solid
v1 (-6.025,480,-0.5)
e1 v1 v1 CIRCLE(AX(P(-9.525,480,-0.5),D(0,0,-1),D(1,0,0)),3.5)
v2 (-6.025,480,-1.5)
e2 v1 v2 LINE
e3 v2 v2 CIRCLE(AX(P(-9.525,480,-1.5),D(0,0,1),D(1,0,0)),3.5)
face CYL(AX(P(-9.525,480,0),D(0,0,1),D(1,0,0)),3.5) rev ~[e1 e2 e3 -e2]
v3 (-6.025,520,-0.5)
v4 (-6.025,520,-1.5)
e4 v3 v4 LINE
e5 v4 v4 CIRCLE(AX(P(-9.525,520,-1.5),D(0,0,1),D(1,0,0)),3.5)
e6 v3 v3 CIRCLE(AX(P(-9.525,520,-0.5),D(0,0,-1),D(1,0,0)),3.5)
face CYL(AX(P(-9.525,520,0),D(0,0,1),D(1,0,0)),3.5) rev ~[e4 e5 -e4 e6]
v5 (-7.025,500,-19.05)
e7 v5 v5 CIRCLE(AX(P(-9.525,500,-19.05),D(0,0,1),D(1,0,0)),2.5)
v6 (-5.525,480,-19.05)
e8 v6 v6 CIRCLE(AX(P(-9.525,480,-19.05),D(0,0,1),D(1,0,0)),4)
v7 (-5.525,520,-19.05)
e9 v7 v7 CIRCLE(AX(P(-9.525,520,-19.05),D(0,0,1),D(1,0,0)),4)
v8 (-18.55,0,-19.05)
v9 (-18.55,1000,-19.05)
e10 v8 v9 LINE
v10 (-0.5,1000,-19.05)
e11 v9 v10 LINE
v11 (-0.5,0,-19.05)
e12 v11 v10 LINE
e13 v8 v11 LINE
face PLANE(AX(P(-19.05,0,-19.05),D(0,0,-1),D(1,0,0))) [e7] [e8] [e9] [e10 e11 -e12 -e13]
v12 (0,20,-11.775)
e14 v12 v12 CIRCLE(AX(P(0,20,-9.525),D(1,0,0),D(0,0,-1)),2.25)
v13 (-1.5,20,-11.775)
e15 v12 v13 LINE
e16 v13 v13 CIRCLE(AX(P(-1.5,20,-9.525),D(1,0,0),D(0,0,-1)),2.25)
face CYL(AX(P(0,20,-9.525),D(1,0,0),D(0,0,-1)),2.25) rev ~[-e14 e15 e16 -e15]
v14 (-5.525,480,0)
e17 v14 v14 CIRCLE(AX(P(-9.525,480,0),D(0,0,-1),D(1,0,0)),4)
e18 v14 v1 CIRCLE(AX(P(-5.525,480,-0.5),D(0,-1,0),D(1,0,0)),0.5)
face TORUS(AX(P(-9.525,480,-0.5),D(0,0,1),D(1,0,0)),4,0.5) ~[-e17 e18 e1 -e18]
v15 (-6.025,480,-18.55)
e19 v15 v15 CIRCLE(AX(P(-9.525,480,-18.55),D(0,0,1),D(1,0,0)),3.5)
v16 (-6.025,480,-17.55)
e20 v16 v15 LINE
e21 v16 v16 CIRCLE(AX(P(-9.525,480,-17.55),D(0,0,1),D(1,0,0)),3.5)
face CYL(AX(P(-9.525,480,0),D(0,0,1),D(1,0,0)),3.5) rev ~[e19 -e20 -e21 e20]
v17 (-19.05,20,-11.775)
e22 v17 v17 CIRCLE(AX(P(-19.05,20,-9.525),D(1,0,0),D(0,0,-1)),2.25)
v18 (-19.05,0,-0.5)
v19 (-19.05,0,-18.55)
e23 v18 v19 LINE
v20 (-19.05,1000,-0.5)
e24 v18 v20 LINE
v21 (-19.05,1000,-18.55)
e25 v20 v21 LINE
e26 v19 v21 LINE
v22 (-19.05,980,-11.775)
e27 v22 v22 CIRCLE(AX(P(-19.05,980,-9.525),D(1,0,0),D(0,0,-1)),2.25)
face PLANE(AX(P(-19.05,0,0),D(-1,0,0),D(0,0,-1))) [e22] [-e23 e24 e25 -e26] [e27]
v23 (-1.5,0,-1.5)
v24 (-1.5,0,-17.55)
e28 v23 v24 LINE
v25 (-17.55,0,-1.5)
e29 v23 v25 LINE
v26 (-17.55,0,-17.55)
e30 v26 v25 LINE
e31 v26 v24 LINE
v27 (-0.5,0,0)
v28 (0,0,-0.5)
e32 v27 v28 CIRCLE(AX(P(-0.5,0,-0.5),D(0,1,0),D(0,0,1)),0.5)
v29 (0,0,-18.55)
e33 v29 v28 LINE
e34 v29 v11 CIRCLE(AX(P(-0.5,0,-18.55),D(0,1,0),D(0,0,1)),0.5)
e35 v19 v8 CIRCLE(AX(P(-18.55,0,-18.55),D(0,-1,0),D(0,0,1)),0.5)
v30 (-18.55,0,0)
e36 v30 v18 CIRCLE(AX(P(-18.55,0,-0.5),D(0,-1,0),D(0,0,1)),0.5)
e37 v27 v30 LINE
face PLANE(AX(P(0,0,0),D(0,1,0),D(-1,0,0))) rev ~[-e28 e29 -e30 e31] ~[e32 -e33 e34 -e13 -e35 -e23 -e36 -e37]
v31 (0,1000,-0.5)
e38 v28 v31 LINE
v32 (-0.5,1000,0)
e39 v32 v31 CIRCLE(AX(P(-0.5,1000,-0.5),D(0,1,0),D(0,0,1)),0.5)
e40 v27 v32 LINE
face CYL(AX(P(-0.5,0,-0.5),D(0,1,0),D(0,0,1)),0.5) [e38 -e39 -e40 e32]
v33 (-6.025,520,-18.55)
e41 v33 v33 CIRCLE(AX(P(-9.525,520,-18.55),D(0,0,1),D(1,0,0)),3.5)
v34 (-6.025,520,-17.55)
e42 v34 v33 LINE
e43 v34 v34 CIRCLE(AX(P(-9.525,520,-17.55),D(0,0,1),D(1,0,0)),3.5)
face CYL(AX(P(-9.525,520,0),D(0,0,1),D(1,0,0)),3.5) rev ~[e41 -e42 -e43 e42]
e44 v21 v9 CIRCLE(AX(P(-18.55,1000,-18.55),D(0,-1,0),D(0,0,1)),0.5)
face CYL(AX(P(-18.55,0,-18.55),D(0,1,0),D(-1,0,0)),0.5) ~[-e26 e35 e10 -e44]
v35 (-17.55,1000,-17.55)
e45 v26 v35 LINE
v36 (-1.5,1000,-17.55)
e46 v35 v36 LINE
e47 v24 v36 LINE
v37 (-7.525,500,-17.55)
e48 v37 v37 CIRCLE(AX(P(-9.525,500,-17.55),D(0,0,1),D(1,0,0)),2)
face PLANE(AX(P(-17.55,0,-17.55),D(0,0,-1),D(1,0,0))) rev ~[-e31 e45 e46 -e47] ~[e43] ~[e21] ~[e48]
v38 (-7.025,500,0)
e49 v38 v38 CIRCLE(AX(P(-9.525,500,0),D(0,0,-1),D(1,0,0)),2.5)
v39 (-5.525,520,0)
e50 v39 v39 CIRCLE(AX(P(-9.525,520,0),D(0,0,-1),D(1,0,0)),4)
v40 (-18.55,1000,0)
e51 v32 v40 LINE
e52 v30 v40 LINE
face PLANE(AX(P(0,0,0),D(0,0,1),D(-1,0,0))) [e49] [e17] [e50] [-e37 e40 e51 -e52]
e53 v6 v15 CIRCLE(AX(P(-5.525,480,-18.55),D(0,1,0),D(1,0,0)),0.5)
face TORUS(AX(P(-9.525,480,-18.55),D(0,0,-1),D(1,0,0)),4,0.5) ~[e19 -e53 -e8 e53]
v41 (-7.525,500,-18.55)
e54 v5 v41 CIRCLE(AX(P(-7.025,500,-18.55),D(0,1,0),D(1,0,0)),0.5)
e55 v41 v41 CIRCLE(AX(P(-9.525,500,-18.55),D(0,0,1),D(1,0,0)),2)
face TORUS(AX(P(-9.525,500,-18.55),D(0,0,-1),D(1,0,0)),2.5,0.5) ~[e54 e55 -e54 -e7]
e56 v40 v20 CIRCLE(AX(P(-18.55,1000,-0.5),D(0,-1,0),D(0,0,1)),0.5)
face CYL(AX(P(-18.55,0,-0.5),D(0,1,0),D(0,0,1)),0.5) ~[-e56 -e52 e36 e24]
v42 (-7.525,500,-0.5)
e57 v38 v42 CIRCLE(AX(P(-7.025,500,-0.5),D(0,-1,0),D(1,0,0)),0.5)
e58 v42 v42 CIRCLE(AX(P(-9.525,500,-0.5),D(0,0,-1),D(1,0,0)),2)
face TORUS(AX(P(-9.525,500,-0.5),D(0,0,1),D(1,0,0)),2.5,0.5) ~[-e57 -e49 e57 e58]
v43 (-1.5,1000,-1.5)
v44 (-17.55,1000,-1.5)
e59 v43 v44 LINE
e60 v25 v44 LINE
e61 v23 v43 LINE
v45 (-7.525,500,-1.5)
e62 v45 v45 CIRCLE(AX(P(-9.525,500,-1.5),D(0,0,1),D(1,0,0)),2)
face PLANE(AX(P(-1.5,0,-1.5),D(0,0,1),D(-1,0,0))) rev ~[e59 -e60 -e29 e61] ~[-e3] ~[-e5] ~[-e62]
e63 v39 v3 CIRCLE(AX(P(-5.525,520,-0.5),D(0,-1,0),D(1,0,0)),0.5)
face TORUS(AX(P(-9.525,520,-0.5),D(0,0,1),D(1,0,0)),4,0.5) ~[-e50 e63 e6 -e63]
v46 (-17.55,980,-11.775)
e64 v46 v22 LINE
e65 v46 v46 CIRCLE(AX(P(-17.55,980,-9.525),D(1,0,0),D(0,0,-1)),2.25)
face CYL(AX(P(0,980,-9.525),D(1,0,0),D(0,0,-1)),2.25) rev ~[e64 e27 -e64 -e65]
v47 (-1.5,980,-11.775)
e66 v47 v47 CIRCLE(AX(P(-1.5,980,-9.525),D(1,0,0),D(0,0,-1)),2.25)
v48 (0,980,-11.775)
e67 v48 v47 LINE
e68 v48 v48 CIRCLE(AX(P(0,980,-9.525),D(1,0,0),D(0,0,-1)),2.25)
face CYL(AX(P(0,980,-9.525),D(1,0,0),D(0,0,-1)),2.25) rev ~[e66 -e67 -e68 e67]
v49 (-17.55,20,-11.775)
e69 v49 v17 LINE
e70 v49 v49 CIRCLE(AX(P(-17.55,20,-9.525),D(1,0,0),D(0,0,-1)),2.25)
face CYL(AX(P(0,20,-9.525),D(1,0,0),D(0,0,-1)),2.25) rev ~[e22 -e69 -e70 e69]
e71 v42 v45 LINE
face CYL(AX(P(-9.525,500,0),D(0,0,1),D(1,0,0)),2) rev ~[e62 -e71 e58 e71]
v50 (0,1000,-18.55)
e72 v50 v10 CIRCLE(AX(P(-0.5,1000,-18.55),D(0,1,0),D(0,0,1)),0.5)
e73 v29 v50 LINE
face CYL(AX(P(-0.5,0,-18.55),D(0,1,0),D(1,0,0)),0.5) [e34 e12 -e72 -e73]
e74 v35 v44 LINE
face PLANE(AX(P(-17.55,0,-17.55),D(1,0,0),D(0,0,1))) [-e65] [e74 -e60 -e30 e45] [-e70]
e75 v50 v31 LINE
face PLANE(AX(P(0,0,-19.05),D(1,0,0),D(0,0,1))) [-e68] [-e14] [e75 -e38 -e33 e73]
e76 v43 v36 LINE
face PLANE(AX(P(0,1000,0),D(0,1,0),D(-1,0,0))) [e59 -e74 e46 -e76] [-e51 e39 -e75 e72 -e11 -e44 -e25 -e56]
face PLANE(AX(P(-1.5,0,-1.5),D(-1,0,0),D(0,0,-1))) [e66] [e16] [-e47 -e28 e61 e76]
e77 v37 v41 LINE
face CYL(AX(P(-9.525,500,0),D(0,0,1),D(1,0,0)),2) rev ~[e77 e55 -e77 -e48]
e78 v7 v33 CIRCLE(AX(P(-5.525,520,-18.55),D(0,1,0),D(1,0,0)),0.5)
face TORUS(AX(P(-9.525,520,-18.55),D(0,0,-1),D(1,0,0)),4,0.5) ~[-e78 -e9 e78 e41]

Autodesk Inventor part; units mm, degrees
ref_plane "YZ Plane" through (0, 0, 0) normal (1, 0, 0) x (0, 1, 0)
ref_plane "XZ Plane" through (0, 0, 0) normal (0, 1, 0) x (-1, 0, 0)
ref_plane "XY Plane" through (0, 0, 0) normal (0, 0, 1) x (1, 0, 0)
sketch "Esboço1" plane through (0, 0, 0) normal (0, 1, 0) x (-1, 0, 0)
  line L0 (0, 0) -> (19.05, 0)
  line L1 (19.05, 0) -> (19.05, -19.05)
  line L2 (19.05, -19.05) -> (0, -19.05)
  line L3 (0, -19.05) -> (0, 0)
  line L4 (17.55, -17.55) -> (17.55, -1.5)
  line L5 (1.5, -1.5) -> (17.55, -1.5)
  line L6 (17.55, -17.55) -> (1.5, -17.55)
  line L7 (1.5, -1.5) -> (1.5, -17.55)
  dimension "d1" = 19.05
  dimension "d2" = 19.05
  dimension "d3" = 19.05
extrude "Extrusão1" add sketch "Esboço1" along normal blind 1000
sketch "Esboço2" plane through (-19.05, 0, -19.05) normal (0, 0, -1) x (-1, 0, 0)
  point P0 (-19.05, 0)
sketch "Esboço3" plane through (0, 0, 0) normal (0, 0, 1) x (1, 0, 0)
  line L0 (-19.05, 0) -> (0, 0) projected
  line L1 (0, 0) -> (-19.05, 0)
  line L2 (-9.525, 0) -> (-9.525, 480)
  line L3 (-9.525, 480) -> (-9.525, 520)
  circle A0 centre (-9.525, 480) radius 3.5
  circle A1 centre (-9.525, 520) radius 3.5
  dimension "d15" = 480
  dimension "d16" = 40
  dimension "d17" = 7
  dimension "d18" = 7
extrude "Extrusão2" cut sketch "Esboço3" against normal blind 20
sketch "Esboço4" plane through (0, 0, 0) normal (0, 0, 1) x (1, 0, 0)
  line L0 (-19.05, 0) -> (0, 0)
  line L1 (0, 0) -> (-19.05, 0)
  line L2 (-9.525, 0) -> (-9.525, 480)
  line L3 (-9.525, 480) -> (-9.525, 520)
  circle A0 centre (-9.525, 480) radius 4
  circle A1 centre (-9.525, 520) radius 4
  circle A2 centre (-9.525, 500) radius 2
  dimension "d21" = 480
  dimension "d22" = 40
  dimension "d23" = 8
  dimension "d24" = 8
  dimension "d26" = 4
extrude "Extrusão3" cut sketch "Esboço4" against normal blind 20 contours A2 L3 | L3 A2
fillet "Arredondamento1" radius 0.5 10 edges at (-13.025, 520, 0) (-13.025, 480, 0) (-11.525, 500, 0) (-13.025, 520, -19.05) (-11.525, 500, -19.05) (-13.025, 480, -19.05) (0, 500, -19.05) (-19.05, 500, -19.05) (-19.05, 500, 0) (0, 500, 0)
sketch "Esboço5" plane through (0, 0, -0.5) normal (1, 0, 0) x (0, 0, -1)
  line L0 (17.05, 0) -> (1, 0) projected
  circle A0 centre (9.025, 20) radius 2.25
  line L1 (17.05, 1000) -> (1, 1000) projected
  circle A1 centre (9.025, 980) radius 2.25
  point P0 (-0.5, 0)
  dimension "d31" = 4.5
  dimension "d33" = 4.5
extrude "Extrusão4" cut sketch "Esboço5" against normal blind 20
properties part number "suporte sensores 1m" material "Alumínio 6061"
